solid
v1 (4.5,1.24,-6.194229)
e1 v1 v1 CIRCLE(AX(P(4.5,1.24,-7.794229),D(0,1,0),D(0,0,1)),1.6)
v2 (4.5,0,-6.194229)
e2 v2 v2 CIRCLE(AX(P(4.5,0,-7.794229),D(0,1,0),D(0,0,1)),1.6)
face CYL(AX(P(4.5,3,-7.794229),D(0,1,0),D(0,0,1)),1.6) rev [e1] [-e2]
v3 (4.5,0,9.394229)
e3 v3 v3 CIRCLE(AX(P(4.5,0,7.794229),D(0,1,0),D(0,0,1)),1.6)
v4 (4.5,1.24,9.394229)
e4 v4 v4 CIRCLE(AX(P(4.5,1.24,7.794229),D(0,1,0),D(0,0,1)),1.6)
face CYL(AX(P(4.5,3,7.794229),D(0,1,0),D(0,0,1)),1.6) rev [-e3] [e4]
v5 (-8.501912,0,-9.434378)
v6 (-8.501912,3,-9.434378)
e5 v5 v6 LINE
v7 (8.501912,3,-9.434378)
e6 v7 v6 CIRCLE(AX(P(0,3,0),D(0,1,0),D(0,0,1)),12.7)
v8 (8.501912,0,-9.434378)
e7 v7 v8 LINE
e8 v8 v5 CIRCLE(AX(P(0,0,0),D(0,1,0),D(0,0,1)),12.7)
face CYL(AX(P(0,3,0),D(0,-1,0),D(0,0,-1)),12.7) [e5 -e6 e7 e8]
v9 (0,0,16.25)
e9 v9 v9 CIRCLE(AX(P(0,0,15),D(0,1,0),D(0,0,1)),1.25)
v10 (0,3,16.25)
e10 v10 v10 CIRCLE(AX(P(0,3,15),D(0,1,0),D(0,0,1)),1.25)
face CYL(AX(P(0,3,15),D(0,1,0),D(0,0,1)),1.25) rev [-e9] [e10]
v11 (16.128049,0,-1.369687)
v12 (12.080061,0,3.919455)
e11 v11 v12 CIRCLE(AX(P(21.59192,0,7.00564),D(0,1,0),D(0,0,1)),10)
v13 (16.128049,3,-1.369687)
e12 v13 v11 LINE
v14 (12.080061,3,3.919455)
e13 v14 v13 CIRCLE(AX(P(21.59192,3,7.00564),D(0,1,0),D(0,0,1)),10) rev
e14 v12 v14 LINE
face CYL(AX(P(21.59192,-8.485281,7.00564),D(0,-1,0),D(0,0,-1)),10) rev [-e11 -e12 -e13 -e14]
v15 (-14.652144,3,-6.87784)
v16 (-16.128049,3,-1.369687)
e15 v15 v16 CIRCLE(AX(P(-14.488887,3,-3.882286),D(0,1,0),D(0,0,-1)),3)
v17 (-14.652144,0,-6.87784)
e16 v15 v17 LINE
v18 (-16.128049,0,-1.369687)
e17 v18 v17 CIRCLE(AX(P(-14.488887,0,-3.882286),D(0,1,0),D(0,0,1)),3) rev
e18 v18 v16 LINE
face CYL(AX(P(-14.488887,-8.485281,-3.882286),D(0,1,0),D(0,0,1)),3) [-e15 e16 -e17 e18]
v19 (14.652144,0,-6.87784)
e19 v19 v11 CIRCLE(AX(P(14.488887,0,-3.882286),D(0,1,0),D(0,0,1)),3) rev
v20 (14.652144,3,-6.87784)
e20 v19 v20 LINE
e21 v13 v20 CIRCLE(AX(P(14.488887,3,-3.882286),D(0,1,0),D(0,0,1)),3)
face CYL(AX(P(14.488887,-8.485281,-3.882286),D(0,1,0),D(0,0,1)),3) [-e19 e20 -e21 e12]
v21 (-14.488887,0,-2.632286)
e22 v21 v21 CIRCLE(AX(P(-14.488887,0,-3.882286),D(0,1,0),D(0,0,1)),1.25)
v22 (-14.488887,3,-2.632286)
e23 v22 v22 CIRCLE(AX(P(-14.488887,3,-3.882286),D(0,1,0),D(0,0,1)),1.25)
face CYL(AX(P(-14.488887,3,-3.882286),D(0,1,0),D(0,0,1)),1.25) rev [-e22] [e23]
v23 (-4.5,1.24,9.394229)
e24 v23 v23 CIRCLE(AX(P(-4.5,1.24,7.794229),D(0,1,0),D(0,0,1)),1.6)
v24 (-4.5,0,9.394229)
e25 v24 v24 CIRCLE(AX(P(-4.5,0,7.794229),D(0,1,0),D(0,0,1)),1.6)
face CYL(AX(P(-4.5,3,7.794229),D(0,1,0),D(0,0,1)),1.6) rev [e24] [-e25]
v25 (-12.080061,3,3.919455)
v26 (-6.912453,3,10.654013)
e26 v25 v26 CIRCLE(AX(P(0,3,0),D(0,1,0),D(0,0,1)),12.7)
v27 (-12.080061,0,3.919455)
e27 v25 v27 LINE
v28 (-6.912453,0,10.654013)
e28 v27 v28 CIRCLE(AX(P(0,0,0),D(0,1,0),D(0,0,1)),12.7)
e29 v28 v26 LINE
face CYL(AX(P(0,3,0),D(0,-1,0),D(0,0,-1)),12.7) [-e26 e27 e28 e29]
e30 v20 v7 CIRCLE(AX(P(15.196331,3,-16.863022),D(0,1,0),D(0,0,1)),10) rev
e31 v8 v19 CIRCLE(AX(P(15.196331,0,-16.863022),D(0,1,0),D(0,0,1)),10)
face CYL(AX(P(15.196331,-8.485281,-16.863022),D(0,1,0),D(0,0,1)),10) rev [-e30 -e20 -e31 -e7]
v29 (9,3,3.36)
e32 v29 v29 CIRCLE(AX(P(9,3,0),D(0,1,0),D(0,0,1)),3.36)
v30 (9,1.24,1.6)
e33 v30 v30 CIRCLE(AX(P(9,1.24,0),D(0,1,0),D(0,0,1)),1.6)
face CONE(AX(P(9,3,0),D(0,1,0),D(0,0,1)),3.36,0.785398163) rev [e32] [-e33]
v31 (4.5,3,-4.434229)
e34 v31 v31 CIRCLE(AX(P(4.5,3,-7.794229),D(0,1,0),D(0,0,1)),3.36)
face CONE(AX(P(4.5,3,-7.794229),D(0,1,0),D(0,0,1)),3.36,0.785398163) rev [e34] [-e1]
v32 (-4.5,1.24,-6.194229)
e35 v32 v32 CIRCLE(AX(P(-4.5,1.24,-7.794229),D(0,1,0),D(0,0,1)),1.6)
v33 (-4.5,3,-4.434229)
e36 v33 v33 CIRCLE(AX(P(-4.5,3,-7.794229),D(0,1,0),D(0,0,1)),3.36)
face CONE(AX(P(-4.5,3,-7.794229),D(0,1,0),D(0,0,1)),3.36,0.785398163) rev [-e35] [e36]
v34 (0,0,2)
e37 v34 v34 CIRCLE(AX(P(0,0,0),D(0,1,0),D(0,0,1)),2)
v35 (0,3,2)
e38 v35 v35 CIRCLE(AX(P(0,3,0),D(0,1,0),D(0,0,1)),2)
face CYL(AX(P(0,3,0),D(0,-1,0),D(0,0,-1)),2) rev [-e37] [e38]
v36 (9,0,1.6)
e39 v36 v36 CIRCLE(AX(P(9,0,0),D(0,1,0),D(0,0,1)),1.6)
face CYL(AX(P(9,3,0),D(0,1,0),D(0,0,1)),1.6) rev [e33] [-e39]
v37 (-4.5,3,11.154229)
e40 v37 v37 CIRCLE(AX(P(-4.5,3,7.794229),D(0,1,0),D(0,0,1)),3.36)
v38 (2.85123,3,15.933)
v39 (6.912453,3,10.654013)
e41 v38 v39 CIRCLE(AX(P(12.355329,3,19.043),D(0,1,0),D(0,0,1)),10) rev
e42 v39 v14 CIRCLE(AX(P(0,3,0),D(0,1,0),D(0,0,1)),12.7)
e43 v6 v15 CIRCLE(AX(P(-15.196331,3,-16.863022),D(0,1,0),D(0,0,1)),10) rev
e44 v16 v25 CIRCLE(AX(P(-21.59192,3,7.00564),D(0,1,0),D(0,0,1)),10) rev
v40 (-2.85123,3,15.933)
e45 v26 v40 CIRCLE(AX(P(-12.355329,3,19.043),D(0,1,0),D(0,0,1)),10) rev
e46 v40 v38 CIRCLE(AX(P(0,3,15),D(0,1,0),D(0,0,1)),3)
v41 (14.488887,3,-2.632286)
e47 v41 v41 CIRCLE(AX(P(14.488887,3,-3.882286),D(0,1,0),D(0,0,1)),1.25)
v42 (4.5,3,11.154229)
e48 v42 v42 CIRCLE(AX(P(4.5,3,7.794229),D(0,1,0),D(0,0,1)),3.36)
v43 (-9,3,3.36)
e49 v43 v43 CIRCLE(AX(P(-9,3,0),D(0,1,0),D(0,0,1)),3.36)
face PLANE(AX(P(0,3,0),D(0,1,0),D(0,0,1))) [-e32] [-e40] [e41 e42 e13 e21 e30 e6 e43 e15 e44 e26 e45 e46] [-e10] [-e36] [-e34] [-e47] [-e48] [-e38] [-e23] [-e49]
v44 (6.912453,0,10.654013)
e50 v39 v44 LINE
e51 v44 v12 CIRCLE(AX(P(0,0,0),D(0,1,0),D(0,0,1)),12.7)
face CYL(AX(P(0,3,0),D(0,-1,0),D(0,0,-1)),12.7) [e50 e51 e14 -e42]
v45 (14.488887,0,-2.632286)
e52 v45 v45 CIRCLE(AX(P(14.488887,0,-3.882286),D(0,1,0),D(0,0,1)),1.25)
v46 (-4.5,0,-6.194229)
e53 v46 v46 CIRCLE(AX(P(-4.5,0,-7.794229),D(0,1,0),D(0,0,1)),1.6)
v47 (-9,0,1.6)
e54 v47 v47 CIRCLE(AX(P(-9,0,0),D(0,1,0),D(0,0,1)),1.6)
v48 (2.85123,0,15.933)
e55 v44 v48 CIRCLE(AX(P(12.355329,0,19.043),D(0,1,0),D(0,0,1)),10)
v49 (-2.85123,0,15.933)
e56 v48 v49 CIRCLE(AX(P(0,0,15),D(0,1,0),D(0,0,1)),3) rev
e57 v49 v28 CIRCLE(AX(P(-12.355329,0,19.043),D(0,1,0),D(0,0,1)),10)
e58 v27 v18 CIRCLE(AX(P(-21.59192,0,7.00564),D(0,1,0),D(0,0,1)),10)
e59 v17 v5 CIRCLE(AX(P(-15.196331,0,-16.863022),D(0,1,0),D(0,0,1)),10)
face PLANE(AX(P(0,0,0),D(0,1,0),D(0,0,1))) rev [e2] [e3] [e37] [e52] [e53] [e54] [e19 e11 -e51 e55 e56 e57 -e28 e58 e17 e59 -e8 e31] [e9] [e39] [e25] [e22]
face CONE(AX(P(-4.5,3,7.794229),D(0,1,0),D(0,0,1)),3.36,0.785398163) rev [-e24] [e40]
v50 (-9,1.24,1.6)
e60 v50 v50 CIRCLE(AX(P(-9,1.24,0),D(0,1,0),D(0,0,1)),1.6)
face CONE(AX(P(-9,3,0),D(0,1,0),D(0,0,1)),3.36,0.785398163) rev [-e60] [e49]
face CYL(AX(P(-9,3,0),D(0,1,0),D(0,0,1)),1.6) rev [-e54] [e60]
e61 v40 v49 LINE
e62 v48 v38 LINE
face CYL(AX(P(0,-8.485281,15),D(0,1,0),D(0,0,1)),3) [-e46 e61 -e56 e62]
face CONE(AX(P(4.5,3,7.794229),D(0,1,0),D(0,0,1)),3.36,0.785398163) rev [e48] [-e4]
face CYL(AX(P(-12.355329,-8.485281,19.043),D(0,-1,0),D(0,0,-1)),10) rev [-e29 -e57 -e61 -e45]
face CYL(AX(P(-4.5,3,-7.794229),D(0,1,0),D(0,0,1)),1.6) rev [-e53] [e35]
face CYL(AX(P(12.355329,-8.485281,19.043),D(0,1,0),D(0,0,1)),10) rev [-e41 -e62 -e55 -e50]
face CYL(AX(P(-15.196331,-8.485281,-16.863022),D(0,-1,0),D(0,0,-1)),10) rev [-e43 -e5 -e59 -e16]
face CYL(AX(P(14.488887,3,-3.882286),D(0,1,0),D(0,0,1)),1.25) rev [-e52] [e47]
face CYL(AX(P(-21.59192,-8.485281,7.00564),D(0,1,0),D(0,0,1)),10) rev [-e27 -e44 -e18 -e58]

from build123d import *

# Parameters (mm, degrees)
SKETCH1_R                    = 12.7
SKETCH1_R_2                  = 2
BOSS_EXTRUDE1_DEPTH          = 3
CSK_FOR_M3_SFHCS1_AT_2_COUNT = 2
CSK_FOR_M3_SFHCS1_AT_2_PITCH = 9
CSK_FOR_M3_SFHCS1_AT_3_COUNT = 2
CSK_FOR_M3_SFHCS1_AT_3_PITCH = 15.588457268
CSK_FOR_M3_SFHCS1_AT_4_COUNT = 2
CSK_FOR_M3_SFHCS1_AT_4_PITCH = 18
CSK_FOR_M3_SFHCS1_AT_5_COUNT = 2
CSK_FOR_M3_SFHCS1_AT_5_PITCH = 15.588457268
CSK_FOR_M3_SFHCS1_AT_6_COUNT = 2
CSK_FOR_M3_SFHCS1_AT_6_PITCH = 9
SKETCH6_R                    = 3
BOSS_EXTRUDE2_DEPTH          = 3
FILLET1_R                    = 10
TAP_DRILL_FOR_M3X0_5_TAP1_D  = 2.5


with BuildPart() as part:
    # Sketch1 → Boss-Extrude1 (new body)
    with BuildSketch(Plane(origin=(0, 0, 0), x_dir=(1, 0, 0), z_dir=(0, 1, 0))):
        with Locations(Location((0, 0, 0), (0, 0, 270))):
            Circle(SKETCH1_R)
        with Locations(Location((0, 0, 0), (0, 0, 270))):
            Circle(SKETCH1_R_2, mode=Mode.SUBTRACT)
    extrude(amount=BOSS_EXTRUDE1_DEPTH)

    # Sketch3 → CSK for M3 SFHCS1 (revolve, cut)
    with BuildSketch(Plane(origin=(-9, 3, 0), x_dir=(0, 0, 1), z_dir=(1, 0, 0))):
        Polygon((0, 0), (0, 3), (1.6, 3), (1.6, 1.76), (3.36, 0), align=None)
    csk_for_m3_sfhcs1 = revolve(axis=Axis((-9, 9.35, 0), (0, -1, 0)), mode=Mode.SUBTRACT)

    # CSK for M3 SFHCS1 at 2: CSK for M3 SFHCS1 ×2
    with Locations(*[Vector(0.5000000000000003, 0, -0.8660254037844386) * (i * CSK_FOR_M3_SFHCS1_AT_2_PITCH) for i in range(1, CSK_FOR_M3_SFHCS1_AT_2_COUNT)]):
        add(csk_for_m3_sfhcs1, mode=Mode.SUBTRACT)

    # CSK for M3 SFHCS1 at 3: CSK for M3 SFHCS1 ×2
    with Locations(*[Vector(0.8660254037844387, 0, -0.4999999999999999) * (i * CSK_FOR_M3_SFHCS1_AT_3_PITCH) for i in range(1, CSK_FOR_M3_SFHCS1_AT_3_COUNT)]):
        add(csk_for_m3_sfhcs1, mode=Mode.SUBTRACT)

    # CSK for M3 SFHCS1 at 4: CSK for M3 SFHCS1 ×2
    with Locations(*[(i * CSK_FOR_M3_SFHCS1_AT_4_PITCH, 0, 0) for i in range(1, CSK_FOR_M3_SFHCS1_AT_4_COUNT)]):
        add(csk_for_m3_sfhcs1, mode=Mode.SUBTRACT)

    # CSK for M3 SFHCS1 at 5: CSK for M3 SFHCS1 ×2
    with Locations(*[Vector(0.8660254037844387, 0, 0.49999999999999994) * (i * CSK_FOR_M3_SFHCS1_AT_5_PITCH) for i in range(1, CSK_FOR_M3_SFHCS1_AT_5_COUNT)]):
        add(csk_for_m3_sfhcs1, mode=Mode.SUBTRACT)

    # CSK for M3 SFHCS1 at 6: CSK for M3 SFHCS1 ×2
    with Locations(*[Vector(0.5000000000000002, 0, 0.8660254037844386) * (i * CSK_FOR_M3_SFHCS1_AT_6_PITCH) for i in range(1, CSK_FOR_M3_SFHCS1_AT_6_COUNT)]):
        add(csk_for_m3_sfhcs1, mode=Mode.SUBTRACT)

    # Sketch6 → Boss-Extrude2 (add)
    with BuildSketch(Plane(origin=(0, 3, 0), x_dir=(1, 0, 0), z_dir=(0, 1, 0))):
        with Locations((14.488887394, 3.882285677)):
            Circle(SKETCH6_R)
        with Locations((0, -15)):
            Circle(SKETCH6_R)
        with Locations((-14.488887394, 3.882285677)):
            Circle(SKETCH6_R)
    extrude(amount=-BOSS_EXTRUDE2_DEPTH)

    # Fillet1
    fillet1_edges = [part.edges().sort_by_distance(p)[0] for p in [
        (11.690211932, 1.5, -4.962755785),
        (12.605398401, 1.5, -1.547233383),
        (1.768004493, 1.5, 12.576333333),
        (-1.768004493, 1.5, 12.576333333),
        (-11.690211932, 1.5, -4.962755785),
        (-12.605398401, 1.5, -1.547233383),
    ]]
    fillet(fillet1_edges, radius=FILLET1_R)

    # Tap Drill for M3x0.5 Tap1 (through all)
    with Locations(Plane(origin=(0, 3, 0), x_dir=(1, 0, 0), z_dir=(0, 1, 0))):
        with Locations((-14.488887394, 3.882285677), (14.488887394, 3.882285677), (0, -15)):
            Hole(TAP_DRILL_FOR_M3X0_5_TAP1_D / 2)


solid = part.part
